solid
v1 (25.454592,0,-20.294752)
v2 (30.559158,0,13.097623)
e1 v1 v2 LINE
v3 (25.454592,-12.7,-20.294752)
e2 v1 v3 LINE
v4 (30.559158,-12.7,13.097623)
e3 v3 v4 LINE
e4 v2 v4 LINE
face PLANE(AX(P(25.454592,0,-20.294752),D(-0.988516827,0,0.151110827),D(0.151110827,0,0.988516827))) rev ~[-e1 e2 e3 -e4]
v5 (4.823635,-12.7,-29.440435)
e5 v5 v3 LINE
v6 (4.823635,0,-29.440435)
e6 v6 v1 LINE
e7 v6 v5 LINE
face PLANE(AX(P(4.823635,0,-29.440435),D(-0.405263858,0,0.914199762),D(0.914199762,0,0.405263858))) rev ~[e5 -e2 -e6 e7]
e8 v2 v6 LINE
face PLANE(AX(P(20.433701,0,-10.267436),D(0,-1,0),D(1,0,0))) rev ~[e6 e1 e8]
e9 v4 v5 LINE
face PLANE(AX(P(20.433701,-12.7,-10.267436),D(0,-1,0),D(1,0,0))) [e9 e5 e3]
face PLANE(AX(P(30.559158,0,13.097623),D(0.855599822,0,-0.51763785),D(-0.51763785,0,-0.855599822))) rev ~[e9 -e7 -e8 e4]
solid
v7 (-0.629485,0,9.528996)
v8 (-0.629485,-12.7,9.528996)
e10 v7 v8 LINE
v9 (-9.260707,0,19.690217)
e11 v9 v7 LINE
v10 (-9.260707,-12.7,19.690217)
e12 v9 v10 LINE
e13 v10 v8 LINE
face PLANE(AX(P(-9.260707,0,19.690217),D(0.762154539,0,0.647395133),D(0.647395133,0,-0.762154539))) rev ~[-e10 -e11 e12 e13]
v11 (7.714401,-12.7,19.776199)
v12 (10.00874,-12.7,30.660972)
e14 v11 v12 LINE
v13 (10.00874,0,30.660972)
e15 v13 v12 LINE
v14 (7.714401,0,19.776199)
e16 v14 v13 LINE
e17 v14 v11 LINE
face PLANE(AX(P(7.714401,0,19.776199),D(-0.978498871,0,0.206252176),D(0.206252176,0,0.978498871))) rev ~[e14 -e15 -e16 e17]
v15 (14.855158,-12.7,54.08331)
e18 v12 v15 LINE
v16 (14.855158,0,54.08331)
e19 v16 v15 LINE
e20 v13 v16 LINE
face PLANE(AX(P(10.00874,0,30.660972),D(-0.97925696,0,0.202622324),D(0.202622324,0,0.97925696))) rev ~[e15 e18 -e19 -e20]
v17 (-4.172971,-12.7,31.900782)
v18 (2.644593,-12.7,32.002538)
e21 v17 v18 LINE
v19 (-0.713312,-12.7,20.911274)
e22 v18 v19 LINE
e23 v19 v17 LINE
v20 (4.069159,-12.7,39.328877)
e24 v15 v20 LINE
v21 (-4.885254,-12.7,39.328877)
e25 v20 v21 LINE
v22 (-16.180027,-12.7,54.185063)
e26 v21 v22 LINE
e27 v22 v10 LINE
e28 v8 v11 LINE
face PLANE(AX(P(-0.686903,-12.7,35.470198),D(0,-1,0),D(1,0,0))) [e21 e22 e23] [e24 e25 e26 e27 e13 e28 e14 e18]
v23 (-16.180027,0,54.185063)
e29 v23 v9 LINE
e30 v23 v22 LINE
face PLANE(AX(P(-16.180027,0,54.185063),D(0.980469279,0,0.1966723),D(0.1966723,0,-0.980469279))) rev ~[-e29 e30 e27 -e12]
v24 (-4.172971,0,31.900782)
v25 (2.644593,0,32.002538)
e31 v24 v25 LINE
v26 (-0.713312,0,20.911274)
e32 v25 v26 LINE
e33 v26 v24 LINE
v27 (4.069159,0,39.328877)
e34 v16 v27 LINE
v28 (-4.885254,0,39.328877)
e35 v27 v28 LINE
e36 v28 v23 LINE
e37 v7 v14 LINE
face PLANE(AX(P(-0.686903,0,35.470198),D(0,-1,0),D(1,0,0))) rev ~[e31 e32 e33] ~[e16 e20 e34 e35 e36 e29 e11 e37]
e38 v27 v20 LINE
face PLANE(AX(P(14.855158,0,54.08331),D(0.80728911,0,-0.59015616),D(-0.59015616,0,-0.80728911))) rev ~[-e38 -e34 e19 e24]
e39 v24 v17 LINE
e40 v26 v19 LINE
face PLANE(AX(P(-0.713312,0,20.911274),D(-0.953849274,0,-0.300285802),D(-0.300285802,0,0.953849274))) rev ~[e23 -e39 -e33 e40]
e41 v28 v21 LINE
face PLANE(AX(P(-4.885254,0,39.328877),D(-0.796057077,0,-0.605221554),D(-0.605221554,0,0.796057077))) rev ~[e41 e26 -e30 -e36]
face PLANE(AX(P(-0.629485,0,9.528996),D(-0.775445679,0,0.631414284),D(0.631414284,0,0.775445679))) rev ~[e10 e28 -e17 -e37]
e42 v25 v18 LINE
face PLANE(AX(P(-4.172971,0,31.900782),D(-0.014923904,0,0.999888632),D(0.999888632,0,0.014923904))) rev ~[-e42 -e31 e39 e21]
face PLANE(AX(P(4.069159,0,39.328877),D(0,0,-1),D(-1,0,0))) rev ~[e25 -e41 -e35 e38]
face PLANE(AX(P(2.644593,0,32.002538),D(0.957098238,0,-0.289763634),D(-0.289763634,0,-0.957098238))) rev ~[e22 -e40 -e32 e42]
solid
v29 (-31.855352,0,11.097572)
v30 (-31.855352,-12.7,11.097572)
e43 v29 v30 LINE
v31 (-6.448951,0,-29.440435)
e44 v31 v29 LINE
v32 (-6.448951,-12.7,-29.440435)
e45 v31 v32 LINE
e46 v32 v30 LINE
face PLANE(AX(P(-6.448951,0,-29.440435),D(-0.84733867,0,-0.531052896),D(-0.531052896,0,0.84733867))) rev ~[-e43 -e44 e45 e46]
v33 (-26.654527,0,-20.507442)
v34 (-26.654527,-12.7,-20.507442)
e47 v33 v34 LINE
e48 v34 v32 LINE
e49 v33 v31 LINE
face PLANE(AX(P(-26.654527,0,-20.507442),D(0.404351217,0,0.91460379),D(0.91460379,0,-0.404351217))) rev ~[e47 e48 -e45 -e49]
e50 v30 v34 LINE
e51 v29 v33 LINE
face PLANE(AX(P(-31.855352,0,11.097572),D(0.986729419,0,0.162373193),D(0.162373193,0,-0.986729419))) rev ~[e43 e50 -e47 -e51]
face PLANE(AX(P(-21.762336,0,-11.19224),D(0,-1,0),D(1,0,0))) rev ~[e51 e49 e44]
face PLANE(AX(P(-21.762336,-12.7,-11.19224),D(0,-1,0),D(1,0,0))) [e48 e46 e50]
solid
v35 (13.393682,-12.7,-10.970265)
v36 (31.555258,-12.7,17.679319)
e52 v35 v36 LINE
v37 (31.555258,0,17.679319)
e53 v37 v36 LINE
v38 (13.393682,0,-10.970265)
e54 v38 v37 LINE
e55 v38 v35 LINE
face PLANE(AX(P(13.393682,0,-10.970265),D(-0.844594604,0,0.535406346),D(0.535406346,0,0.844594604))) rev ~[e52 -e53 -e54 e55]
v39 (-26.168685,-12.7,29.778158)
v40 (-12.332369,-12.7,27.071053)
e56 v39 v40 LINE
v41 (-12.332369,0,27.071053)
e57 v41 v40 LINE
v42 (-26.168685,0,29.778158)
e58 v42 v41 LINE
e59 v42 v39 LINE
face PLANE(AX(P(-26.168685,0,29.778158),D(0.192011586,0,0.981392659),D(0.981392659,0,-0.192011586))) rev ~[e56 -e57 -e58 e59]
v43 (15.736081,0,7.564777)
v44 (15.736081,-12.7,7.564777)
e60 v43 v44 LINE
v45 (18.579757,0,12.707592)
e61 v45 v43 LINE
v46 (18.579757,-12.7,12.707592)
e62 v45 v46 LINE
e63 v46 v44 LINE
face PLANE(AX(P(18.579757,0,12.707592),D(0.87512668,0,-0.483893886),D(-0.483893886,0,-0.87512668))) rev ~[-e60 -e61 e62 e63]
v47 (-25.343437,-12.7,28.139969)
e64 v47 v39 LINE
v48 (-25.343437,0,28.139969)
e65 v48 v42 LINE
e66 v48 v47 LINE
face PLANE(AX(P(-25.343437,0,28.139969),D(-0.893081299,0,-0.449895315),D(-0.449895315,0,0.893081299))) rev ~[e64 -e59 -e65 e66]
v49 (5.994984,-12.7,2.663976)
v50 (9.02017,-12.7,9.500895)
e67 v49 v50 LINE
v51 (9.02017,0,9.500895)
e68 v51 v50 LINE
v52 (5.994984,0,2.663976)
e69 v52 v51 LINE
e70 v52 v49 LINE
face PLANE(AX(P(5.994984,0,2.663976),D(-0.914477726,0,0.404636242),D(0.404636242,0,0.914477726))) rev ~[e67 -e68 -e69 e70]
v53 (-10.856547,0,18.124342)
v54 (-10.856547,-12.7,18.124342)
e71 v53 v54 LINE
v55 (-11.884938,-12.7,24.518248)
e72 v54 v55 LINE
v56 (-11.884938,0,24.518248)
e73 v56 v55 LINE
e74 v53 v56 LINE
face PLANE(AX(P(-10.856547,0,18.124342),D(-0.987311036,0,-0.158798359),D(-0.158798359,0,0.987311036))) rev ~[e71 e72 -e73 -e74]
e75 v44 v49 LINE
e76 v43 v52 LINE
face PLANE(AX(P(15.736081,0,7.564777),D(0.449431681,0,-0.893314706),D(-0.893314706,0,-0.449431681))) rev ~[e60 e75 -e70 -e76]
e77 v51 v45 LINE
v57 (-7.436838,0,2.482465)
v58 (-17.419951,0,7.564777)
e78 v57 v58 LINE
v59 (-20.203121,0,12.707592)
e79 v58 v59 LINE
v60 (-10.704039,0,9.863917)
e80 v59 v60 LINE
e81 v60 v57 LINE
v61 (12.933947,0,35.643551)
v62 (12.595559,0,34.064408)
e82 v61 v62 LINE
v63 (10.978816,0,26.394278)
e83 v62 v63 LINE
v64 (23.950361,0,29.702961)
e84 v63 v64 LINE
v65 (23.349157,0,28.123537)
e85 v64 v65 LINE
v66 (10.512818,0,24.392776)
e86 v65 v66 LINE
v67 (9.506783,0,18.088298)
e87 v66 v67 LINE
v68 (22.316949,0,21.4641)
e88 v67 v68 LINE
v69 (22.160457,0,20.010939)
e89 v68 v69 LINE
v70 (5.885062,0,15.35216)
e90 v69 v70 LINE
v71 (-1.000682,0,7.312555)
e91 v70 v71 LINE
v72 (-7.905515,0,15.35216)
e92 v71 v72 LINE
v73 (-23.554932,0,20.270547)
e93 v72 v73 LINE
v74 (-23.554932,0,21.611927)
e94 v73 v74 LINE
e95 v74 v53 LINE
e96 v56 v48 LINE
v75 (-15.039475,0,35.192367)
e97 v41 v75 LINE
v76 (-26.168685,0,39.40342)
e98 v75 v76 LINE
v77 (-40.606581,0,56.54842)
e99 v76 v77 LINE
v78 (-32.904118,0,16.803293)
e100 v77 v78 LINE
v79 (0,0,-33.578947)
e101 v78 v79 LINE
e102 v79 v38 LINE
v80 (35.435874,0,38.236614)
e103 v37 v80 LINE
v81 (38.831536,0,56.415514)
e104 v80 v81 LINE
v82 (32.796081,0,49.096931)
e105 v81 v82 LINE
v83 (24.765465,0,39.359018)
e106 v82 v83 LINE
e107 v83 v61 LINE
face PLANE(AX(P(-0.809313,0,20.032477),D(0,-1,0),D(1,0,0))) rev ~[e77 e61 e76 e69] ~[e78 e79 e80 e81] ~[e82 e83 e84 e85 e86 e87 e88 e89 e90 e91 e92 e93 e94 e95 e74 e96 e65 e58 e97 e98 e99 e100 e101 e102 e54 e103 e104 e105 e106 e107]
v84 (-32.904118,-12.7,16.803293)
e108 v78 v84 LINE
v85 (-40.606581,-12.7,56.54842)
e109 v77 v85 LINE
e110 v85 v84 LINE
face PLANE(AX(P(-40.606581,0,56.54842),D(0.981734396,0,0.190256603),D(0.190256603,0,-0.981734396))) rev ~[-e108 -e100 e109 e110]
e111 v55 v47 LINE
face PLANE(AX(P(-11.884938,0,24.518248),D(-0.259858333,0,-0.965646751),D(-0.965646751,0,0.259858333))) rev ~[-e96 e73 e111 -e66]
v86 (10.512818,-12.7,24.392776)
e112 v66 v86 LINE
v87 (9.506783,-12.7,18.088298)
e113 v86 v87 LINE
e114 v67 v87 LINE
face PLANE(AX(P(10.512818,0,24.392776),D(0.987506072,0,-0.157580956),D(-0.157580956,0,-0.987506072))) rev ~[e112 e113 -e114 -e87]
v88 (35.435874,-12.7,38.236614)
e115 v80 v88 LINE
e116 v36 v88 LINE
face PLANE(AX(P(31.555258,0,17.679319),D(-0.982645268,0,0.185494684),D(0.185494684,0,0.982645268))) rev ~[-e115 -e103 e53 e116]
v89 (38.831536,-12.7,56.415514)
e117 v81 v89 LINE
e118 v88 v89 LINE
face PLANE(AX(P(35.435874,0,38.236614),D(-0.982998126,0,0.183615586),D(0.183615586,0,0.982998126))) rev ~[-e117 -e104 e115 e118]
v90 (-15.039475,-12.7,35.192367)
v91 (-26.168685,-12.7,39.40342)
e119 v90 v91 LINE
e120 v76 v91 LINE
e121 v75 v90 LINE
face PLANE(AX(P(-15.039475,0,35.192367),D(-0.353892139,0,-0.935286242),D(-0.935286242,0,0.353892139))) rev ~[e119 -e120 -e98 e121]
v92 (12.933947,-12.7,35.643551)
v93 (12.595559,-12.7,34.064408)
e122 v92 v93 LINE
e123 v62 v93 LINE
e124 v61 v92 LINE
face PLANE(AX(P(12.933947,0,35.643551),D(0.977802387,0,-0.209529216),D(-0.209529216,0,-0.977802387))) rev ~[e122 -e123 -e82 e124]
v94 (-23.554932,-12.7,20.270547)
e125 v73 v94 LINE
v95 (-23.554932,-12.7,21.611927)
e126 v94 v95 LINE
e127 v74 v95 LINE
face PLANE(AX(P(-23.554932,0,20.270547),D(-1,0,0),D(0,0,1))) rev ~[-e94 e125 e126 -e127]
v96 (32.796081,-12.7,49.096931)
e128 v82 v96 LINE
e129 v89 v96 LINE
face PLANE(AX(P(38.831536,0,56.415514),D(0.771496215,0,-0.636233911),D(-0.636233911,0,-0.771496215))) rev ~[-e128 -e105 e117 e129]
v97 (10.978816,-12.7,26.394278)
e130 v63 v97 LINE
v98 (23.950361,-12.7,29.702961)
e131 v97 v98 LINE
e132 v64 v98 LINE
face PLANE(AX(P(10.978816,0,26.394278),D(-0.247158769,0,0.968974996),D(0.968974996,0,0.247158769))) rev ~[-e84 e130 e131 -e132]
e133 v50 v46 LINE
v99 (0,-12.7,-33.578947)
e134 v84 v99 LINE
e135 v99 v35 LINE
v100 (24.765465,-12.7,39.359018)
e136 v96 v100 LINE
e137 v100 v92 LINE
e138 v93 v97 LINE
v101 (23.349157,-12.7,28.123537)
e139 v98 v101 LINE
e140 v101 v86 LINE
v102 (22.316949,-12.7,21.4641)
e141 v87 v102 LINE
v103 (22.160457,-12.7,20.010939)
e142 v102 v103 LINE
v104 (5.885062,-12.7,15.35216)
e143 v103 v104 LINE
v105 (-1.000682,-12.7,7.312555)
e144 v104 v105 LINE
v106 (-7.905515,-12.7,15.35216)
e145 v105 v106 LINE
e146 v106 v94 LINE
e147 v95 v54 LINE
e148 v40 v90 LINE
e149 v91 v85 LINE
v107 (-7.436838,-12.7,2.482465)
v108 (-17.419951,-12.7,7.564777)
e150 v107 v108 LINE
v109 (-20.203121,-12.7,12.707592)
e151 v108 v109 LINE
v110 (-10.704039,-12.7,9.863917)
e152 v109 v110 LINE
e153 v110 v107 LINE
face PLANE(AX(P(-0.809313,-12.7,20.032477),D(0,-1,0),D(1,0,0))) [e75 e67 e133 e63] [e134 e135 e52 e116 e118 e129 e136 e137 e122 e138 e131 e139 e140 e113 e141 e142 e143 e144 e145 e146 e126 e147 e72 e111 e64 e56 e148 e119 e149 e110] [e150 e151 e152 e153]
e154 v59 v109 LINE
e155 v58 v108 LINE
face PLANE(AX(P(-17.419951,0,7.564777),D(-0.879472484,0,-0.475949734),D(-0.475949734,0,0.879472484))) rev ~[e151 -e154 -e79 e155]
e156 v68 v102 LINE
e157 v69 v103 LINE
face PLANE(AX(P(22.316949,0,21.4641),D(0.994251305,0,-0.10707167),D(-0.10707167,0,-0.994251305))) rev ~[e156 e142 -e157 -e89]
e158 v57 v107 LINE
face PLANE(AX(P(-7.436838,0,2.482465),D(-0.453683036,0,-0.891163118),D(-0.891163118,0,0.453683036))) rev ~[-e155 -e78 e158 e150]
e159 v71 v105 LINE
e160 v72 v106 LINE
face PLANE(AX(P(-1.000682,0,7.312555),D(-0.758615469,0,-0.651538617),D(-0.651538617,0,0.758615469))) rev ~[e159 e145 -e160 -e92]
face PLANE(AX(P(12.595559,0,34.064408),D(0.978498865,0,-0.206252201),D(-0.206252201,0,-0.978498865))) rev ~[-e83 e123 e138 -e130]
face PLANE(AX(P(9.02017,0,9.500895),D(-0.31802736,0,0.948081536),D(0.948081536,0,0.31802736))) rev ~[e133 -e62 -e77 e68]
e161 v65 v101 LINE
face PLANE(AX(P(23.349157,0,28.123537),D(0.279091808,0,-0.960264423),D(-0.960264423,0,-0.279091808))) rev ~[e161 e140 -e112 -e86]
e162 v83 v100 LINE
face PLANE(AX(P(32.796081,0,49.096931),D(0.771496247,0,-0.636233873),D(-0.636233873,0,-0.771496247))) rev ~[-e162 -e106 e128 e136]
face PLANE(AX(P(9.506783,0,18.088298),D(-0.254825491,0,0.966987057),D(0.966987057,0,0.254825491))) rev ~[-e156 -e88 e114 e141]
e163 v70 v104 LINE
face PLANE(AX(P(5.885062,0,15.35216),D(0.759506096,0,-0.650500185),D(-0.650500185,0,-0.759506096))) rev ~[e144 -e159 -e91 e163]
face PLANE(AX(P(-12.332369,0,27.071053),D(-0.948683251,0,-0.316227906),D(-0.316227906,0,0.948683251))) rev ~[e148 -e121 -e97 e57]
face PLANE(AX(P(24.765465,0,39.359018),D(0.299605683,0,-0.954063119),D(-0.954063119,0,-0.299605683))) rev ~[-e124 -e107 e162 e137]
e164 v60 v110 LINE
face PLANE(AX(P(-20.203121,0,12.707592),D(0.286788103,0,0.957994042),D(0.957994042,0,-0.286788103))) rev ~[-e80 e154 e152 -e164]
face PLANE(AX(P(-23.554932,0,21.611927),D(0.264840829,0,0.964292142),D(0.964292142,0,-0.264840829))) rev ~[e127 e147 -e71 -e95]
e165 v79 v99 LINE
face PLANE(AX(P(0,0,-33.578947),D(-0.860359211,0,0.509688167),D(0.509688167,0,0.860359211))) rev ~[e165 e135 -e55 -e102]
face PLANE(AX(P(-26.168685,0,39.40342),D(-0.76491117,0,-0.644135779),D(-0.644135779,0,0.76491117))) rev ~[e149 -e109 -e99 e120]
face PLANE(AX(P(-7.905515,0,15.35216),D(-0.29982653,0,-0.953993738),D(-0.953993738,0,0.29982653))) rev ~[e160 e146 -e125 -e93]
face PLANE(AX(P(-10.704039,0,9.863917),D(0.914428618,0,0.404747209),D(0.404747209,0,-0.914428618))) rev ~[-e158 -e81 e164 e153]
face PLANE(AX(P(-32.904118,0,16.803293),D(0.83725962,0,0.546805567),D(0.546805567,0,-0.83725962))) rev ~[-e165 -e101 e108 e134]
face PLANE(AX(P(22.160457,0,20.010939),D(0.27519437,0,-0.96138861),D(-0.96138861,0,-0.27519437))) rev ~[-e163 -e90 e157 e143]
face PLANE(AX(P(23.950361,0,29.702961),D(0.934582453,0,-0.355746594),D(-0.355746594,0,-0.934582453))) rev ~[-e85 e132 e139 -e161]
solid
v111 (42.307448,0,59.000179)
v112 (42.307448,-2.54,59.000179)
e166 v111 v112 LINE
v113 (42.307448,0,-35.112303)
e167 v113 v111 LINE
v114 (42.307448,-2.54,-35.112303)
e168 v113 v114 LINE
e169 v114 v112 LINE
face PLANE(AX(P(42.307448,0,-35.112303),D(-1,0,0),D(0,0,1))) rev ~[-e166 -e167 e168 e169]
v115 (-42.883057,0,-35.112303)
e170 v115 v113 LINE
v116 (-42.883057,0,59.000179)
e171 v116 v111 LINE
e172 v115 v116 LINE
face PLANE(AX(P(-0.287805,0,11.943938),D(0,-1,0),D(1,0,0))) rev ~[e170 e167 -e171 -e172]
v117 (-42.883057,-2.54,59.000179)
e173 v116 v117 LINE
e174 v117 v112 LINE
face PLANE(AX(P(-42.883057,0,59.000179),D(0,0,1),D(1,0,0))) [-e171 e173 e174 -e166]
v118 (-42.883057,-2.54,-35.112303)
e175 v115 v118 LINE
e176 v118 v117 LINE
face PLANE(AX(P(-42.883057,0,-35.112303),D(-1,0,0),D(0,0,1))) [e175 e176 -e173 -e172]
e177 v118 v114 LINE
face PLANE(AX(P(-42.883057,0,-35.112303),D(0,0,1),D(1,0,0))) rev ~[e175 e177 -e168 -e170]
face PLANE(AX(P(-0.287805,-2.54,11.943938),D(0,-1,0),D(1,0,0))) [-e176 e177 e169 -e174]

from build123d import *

# Parameters (mm, degrees)
F1_DEPTH = 12.7
F2_W     = 85.190505
F2_H     = 94.112482
F3_DEPTH = 2.54


with BuildPart() as f1:
    # F0 (on Front) → F1 (new body)
    with BuildSketch(Plane.XZ):
        Polygon((-26.168685, 39.40342), (-40.606581, 56.54842), (-32.904118, 16.803293), (0, -33.578947), (13.393682, -10.970265), (31.555258, 17.679319), (35.435874, 38.236614), (38.831536, 56.415514), (32.796081, 49.096931), (24.765465, 39.359018), (12.933947, 35.643551), (12.595559, 34.064408), (10.978816, 26.394278), (23.950361, 29.702961), (23.349157, 28.123537), (10.512818, 24.392776), (9.506783, 18.088298), (22.316949, 21.4641), (22.160457, 20.010939), (5.885062, 15.35216), (-1.000682, 7.312555), (-7.905515, 15.35216), (-23.554932, 20.270547), (-23.554932, 21.611927), (-10.856547, 18.124342), (-11.884938, 24.518248), (-25.343437, 28.139969), (-26.168685, 29.778158), (-12.332369, 27.071053), (-15.039475, 35.192367), align=None)
        Polygon((-17.419951, 7.564777), (-20.203121, 12.707592), (-10.704039, 9.863917), (-7.436838, 2.482465), align=None, mode=Mode.SUBTRACT)
        Polygon((15.736081, 7.564777), (5.994984, 2.663976), (9.02017, 9.500895), (18.579757, 12.707592), align=None, mode=Mode.SUBTRACT)
        Polygon((25.454592, -20.294752), (30.559158, 13.097623), (4.823635, -29.440435), align=None)
        Polygon((-6.448951, -29.440435), (-31.855352, 11.097572), (-26.654527, -20.507442), align=None)
        Polygon((-9.260707, 19.690217), (-0.629485, 9.528996), (7.714401, 19.776199), (10.00874, 30.660972), (14.855158, 54.08331), (4.069159, 39.328877), (-4.885254, 39.328877), (-16.180027, 54.185063), align=None)
        Polygon((2.644593, 32.002538), (-0.713312, 20.911274), (-4.172971, 31.900782), align=None, mode=Mode.SUBTRACT)
    extrude(amount=F1_DEPTH)


with BuildPart() as f3:
    # F2 (on Front) → F3 (new body)
    with BuildSketch(Plane.XZ):
        with Locations((-0.287805, 11.943938)):
            Rectangle(F2_W, F2_H)
    extrude(amount=F3_DEPTH)


solid = Compound([f1.part, f3.part])
